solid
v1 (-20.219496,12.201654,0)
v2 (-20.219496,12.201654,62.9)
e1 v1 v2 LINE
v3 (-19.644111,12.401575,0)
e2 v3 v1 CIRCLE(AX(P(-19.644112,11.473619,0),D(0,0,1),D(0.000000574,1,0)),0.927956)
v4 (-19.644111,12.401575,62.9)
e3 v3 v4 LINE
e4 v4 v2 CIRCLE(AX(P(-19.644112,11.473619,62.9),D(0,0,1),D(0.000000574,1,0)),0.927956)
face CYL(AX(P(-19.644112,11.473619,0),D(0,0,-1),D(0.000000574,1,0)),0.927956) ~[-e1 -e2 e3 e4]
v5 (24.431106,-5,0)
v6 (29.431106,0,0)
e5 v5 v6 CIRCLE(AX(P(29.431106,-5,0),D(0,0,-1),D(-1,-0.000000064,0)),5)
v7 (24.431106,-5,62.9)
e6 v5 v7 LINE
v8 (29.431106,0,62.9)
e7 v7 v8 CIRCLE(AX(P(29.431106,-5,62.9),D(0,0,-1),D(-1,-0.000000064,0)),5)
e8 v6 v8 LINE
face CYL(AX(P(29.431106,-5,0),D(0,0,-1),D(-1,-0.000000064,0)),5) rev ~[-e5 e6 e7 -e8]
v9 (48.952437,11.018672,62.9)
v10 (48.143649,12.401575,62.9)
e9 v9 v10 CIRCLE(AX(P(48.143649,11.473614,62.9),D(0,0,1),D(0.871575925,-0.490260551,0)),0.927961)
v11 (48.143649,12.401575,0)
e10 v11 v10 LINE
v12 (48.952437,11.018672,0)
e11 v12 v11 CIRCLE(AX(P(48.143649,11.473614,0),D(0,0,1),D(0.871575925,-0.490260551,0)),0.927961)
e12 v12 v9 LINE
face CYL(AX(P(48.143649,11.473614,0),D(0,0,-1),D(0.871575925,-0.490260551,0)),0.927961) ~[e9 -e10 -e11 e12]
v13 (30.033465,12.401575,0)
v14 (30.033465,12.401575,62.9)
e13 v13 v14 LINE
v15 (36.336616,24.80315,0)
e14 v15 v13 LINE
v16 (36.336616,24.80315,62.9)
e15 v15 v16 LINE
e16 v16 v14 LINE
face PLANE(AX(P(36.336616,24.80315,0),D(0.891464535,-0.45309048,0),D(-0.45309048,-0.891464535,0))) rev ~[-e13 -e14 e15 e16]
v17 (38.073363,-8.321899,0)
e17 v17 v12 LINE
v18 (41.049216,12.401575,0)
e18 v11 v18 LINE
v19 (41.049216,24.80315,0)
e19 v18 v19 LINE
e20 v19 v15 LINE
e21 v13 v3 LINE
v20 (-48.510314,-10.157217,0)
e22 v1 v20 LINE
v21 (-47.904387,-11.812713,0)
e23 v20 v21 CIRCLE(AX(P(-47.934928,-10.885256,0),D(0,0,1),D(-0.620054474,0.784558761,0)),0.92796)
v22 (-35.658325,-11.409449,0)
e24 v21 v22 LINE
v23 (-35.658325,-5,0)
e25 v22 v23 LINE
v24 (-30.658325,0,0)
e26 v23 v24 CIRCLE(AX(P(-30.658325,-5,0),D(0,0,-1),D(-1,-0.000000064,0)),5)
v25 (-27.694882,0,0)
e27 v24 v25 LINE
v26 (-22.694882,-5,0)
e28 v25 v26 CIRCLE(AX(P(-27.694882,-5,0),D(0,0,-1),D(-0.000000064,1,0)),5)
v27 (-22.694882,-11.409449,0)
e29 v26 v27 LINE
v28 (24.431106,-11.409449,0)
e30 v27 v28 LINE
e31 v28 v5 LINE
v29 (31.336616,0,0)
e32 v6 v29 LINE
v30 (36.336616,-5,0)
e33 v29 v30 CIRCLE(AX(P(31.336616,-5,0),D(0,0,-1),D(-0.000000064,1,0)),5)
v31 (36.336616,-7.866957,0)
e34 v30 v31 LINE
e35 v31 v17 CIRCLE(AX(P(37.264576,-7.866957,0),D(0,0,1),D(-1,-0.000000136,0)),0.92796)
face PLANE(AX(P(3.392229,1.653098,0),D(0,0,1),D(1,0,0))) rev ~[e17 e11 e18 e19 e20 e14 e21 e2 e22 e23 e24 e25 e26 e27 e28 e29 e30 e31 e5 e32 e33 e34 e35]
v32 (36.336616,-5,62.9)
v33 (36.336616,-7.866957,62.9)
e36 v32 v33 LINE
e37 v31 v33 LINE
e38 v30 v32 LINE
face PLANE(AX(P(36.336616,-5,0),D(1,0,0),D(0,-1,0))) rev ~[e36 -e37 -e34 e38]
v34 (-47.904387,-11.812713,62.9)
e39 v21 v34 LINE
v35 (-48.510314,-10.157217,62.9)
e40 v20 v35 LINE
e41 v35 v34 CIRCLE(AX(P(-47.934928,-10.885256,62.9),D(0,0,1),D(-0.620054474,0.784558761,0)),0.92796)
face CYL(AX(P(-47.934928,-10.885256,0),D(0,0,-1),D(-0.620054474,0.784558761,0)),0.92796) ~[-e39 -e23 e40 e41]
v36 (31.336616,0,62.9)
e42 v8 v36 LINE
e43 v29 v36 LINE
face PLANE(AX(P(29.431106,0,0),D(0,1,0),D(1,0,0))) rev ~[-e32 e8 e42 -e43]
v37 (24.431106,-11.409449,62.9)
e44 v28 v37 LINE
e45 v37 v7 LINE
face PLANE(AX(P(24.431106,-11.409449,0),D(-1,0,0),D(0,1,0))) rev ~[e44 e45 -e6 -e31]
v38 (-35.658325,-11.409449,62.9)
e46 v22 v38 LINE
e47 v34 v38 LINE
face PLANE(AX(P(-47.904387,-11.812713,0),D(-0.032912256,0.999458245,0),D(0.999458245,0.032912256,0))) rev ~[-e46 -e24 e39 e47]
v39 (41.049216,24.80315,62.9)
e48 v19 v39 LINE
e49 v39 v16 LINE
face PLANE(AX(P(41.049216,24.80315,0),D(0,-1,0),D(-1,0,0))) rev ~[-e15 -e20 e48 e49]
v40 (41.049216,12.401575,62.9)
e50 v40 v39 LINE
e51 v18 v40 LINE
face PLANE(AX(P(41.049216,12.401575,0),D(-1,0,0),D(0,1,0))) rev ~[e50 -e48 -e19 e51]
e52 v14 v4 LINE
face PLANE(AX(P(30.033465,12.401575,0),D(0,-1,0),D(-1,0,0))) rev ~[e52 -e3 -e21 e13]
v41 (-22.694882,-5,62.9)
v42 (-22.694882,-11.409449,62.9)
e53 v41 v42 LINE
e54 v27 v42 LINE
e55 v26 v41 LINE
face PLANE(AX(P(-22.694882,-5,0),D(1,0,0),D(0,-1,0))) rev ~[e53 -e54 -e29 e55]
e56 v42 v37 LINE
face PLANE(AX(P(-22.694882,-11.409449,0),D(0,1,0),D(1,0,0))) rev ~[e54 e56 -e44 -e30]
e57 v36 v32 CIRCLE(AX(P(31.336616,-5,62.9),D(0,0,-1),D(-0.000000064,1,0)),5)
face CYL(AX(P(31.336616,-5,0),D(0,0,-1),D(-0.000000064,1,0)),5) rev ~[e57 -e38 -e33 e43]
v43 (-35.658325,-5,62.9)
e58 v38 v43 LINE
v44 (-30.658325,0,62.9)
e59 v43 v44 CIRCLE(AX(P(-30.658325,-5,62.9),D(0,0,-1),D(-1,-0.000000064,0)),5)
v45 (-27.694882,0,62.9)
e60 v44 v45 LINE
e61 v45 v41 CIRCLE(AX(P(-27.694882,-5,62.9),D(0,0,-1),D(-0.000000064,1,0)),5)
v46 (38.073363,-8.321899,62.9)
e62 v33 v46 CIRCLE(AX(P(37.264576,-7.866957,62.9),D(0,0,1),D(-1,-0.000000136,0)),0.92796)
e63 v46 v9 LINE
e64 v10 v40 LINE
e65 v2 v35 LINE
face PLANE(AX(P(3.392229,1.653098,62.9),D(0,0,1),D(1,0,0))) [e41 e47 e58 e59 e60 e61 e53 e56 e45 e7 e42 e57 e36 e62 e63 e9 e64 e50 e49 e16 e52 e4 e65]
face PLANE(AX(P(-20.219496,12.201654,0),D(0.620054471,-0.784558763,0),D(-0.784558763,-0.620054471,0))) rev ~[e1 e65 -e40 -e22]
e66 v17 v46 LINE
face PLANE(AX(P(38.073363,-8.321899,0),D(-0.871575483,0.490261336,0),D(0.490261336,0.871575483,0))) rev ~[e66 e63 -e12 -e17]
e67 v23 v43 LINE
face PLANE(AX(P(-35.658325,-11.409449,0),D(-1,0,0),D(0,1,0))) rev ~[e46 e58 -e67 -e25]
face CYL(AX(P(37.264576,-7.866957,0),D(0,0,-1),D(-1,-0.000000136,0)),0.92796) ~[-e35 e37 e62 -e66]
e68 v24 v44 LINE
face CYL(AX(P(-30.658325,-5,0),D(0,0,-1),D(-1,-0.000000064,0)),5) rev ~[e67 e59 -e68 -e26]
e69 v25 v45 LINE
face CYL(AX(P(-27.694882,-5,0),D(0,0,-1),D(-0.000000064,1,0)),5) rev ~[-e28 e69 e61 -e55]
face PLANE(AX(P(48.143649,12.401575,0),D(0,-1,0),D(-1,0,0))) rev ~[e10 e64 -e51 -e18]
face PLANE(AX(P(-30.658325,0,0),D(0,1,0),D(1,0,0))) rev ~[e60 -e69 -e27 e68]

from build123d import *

# Parameters (mm, degrees)
F1_DEPTH = 62.9


with BuildPart() as f1:
    # F0 (on Top) → F1 (new body)
    with BuildSketch(Plane.XY):
        with BuildLine():
            Line((-20.219496, 12.201654), (-48.510314, -10.157217))
            ThreePointArc((-48.510314, -10.157217), (-48.806353, -11.204205), (-47.904387, -11.812713))
            Line((-47.904387, -11.812713), (-35.658325, -11.409449))
            Line((-35.658325, -11.409449), (-35.658325, -5))
            ThreePointArc((-35.658325, -5), (-34.193859, -1.464466), (-30.658325, 0))
            Line((-30.658325, 0), (-27.694882, 0))
            ThreePointArc((-27.694882, 0), (-24.159348, -1.464466), (-22.694882, -5))
            Line((-22.694882, -5), (-22.694882, -11.409449))
            Line((-22.694882, -11.409449), (24.431106, -11.409449))
            Line((24.431106, -11.409449), (24.431106, -5))
            ThreePointArc((24.431106, -5), (25.895572, -1.464466), (29.431106, 0))
            Line((29.431106, 0), (31.336616, 0))
            ThreePointArc((31.336616, 0), (34.87215, -1.464466), (36.336616, -5))
            Line((36.336616, -5), (36.336616, -7.866957))
            ThreePointArc((36.336616, -7.866957), (37.029429, -8.764629), (38.073363, -8.321899))
            Line((38.073363, -8.321899), (48.952437, 11.018672))
            ThreePointArc((48.952437, 11.018672), (48.944673, 11.942092), (48.143649, 12.401575))
            Line((48.143649, 12.401575), (41.049216, 12.401575))
            Line((41.049216, 12.401575), (41.049216, 24.80315))
            Line((41.049216, 24.80315), (36.336616, 24.80315))
            Line((36.336616, 24.80315), (30.033465, 12.401575))
            Line((30.033465, 12.401575), (-19.644111, 12.401575))
            ThreePointArc((-19.644111, 12.401575), (-19.948675, 12.350171), (-20.219496, 12.201654))
        make_face()
    extrude(amount=F1_DEPTH)


solid = f1.part
